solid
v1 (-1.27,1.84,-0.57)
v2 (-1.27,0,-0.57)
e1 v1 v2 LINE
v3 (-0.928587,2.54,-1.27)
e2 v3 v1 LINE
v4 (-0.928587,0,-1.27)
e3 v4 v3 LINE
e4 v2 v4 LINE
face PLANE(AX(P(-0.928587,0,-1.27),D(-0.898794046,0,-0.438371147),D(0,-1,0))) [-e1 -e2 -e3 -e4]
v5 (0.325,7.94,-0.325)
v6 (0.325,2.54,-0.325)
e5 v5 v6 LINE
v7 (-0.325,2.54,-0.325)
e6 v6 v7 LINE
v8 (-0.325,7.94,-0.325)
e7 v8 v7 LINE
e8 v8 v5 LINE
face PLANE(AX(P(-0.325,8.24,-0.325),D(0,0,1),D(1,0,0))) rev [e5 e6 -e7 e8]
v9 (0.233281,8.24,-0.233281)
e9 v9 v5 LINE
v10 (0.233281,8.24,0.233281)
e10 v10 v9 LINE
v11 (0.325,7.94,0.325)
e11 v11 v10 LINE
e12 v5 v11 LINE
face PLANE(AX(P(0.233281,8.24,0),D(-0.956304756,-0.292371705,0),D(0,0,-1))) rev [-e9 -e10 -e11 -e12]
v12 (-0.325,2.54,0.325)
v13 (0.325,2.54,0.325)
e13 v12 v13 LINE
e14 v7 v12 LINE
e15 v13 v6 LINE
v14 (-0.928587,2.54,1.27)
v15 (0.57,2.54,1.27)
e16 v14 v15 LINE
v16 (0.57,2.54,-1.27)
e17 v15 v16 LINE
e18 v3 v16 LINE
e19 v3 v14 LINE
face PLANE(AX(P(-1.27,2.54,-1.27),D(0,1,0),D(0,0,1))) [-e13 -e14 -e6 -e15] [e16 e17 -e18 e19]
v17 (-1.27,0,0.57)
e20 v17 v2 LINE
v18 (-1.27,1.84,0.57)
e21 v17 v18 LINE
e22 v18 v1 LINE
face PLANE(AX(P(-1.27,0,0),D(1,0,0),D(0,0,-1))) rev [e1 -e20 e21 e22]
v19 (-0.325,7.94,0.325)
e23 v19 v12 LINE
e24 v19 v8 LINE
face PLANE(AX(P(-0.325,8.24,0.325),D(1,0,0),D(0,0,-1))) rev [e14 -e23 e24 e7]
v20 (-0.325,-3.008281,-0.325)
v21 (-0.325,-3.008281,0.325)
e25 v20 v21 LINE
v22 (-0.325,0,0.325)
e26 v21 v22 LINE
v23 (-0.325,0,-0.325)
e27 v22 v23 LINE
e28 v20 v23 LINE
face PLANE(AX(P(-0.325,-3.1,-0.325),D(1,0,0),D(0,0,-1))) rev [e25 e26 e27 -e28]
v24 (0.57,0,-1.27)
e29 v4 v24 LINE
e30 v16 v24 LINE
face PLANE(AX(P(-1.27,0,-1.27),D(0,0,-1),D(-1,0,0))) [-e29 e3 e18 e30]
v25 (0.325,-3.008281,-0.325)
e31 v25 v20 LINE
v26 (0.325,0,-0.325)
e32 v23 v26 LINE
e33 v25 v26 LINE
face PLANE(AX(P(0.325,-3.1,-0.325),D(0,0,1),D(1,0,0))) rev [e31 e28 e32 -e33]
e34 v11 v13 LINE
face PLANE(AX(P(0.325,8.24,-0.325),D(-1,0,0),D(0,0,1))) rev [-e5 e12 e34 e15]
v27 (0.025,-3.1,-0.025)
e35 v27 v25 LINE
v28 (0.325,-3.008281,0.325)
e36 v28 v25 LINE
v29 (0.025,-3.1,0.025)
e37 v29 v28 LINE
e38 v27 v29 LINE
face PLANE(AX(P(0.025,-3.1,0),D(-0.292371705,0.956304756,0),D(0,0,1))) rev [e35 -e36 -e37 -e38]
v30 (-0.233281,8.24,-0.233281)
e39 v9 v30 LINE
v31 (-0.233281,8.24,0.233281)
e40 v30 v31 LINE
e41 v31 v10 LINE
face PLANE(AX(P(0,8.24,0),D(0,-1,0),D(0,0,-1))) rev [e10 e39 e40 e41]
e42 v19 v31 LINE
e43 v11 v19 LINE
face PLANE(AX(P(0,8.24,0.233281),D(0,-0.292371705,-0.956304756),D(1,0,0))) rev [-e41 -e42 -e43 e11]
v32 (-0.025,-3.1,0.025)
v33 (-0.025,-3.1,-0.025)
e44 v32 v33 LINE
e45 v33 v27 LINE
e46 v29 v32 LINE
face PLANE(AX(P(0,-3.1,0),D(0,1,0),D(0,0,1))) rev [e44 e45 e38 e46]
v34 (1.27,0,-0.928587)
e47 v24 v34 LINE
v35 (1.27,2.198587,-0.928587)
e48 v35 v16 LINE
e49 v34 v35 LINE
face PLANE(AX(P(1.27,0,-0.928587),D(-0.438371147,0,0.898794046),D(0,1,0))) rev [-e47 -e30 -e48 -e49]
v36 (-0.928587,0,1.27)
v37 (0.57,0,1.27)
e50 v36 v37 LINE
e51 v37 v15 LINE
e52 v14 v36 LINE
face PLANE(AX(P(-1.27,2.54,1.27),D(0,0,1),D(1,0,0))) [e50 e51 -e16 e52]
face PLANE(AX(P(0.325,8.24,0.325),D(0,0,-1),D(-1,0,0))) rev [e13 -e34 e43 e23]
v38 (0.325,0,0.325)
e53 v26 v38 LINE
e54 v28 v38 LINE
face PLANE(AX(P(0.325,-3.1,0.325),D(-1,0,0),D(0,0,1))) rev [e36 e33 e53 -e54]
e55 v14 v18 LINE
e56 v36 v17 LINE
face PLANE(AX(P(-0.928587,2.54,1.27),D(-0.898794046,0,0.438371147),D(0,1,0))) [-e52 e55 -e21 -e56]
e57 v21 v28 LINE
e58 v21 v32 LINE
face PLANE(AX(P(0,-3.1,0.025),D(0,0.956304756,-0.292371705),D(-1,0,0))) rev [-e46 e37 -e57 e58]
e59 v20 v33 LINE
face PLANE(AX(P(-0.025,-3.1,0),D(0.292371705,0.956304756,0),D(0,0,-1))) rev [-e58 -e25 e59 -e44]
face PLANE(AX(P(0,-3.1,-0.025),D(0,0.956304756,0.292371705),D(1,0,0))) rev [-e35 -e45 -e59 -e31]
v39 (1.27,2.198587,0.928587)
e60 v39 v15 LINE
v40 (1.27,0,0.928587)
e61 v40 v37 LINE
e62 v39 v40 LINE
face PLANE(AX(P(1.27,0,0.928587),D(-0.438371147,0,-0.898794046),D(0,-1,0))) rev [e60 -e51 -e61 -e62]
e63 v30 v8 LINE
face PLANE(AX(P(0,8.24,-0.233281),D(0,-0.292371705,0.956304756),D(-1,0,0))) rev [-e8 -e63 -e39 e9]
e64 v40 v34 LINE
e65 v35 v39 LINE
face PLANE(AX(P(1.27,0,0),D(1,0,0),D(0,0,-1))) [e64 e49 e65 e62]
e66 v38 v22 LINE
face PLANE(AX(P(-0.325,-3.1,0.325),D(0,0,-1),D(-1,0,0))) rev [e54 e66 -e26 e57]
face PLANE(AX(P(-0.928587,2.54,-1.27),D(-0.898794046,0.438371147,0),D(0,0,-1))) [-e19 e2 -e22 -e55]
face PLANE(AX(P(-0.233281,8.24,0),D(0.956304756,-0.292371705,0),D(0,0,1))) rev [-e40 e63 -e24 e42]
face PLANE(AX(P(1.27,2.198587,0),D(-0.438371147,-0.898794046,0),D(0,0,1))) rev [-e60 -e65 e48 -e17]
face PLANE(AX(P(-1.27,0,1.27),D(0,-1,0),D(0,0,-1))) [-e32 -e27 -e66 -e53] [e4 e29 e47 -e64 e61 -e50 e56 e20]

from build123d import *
from OCP.BRepFilletAPI import BRepFilletAPI_MakeChamfer

# Parameters (mm, degrees)
SKETCH1_W           = 2.54
SKETCH1_H           = 2.54
BOSS_EXTRUDE1_DEPTH = 2.54
SKETCH2_W           = 0.65
SKETCH2_H           = 0.65
BOSS_EXTRUDE2_DEPTH = 5.7
SKETCH3_W           = 0.65
SKETCH3_H           = 0.65
BOSS_EXTRUDE3_DEPTH = 3.1
CHAMFER1_SIZE       = 0.091719204
CHAMFER1_SIZE2      = 0.3
CHAMFER2_SIZE       = 0.3
CHAMFER2_SIZE2      = 0.091719204
CHAMFER3_SIZE       = 0.7
CHAMFER3_SIZE2      = 0.341412812


with BuildPart() as part:
    # Sketch1 → Boss-Extrude1 (new body)
    with BuildSketch(Plane(origin=(1.27, 0, 0), x_dir=(0, 0, -1), z_dir=(1, 0, 0))):
        with Locations((0, 1.27)):
            Rectangle(SKETCH1_W, SKETCH1_H)
    extrude(amount=-BOSS_EXTRUDE1_DEPTH)

    # Sketch2 → Boss-Extrude2 (add)
    with BuildSketch(Plane(origin=(0, 2.54, 0), x_dir=(-1, 0, 0), z_dir=(0, 1, 0))):
        Rectangle(SKETCH2_W, SKETCH2_H)
    extrude(amount=BOSS_EXTRUDE2_DEPTH)

    # Sketch3 → Boss-Extrude3 (add)
    with BuildSketch(Plane.XZ):
        Rectangle(SKETCH3_W, SKETCH3_H)
    extrude(amount=BOSS_EXTRUDE3_DEPTH)

    # Chamfer1
    chamfer1_edges = [part.edges().sort_by_distance(p)[0] for p in [
        (0.325, 8.24, 0),
        (0, 8.24, -0.325),
        (-0.325, 8.24, 0),
        (0, 8.24, 0.325),
    ]]
    chamfer1_side = [part.faces().sort_by_distance(p)[0] for p in [
        (0, 8.24, 0),
    ]]
    chamfer(chamfer1_edges, length=CHAMFER1_SIZE, length2=CHAMFER1_SIZE2, reference=chamfer1_side[0])

    # Chamfer2
    chamfer2_edges = [part.edges().sort_by_distance(p)[0] for p in [
        (0, -3.1, -0.325),
        (0.325, -3.1, 0),
        (0, -3.1, 0.325),
        (-0.325, -3.1, 0),
    ]]
    chamfer2_side = [part.faces().sort_by_distance(p)[0] for p in [
        (0, -3.1, 0),
    ]]
    chamfer(chamfer2_edges, length=CHAMFER2_SIZE, length2=CHAMFER2_SIZE2, reference=chamfer2_side[0])

    # Chamfer3: one chamfer whose edges measure the first distance from different faces: ONE call of the kernel's chamfer builder (chamfer() names one face for all edges)
    chamfer3_edges_1 = [part.edges().sort_by_distance(p)[0] for p in [
        (-1.27, 1.27, -1.27),
        (-1.27, 2.54, 0),
        (-1.27, 1.27, 1.27),
    ]]
    chamfer3_side_1 = [part.faces().sort_by_distance(p)[0] for p in [
        (-1.27, 1.27, 0),
    ]]
    chamfer3_edges_2 = [part.edges().sort_by_distance(p)[0] for p in [
        (1.27, 2.54, 0),
    ]]
    chamfer3_side_2 = [part.faces().sort_by_distance(p)[0] for p in [
        (0, 2.54, -1.234078976),
    ]]
    chamfer3_edges_3 = [part.edges().sort_by_distance(p)[0] for p in [
        (1.27, 1.27, -1.27),
    ]]
    chamfer3_side_3 = [part.faces().sort_by_distance(p)[0] for p in [
        (0, 1.27, -1.27),
    ]]
    chamfer3_edges_4 = [part.edges().sort_by_distance(p)[0] for p in [
        (1.27, 1.27, 1.27),
    ]]
    chamfer3_side_4 = [part.faces().sort_by_distance(p)[0] for p in [
        (0, 1.27, 1.27),
    ]]
    chamfer3 = BRepFilletAPI_MakeChamfer(part.part.solid().wrapped)
    for e in chamfer3_edges_1:
        chamfer3.Add(CHAMFER3_SIZE, CHAMFER3_SIZE2, e.wrapped, chamfer3_side_1[0].wrapped)  # the first distance lies on this face
    for e in chamfer3_edges_2:
        chamfer3.Add(CHAMFER3_SIZE, CHAMFER3_SIZE2, e.wrapped, chamfer3_side_2[0].wrapped)  # the first distance lies on this face
    for e in chamfer3_edges_3:
        chamfer3.Add(CHAMFER3_SIZE, CHAMFER3_SIZE2, e.wrapped, chamfer3_side_3[0].wrapped)  # the first distance lies on this face
    for e in chamfer3_edges_4:
        chamfer3.Add(CHAMFER3_SIZE, CHAMFER3_SIZE2, e.wrapped, chamfer3_side_4[0].wrapped)  # the first distance lies on this face
    add(Compound.cast(chamfer3.Shape()), mode=Mode.REPLACE)


solid = part.part
